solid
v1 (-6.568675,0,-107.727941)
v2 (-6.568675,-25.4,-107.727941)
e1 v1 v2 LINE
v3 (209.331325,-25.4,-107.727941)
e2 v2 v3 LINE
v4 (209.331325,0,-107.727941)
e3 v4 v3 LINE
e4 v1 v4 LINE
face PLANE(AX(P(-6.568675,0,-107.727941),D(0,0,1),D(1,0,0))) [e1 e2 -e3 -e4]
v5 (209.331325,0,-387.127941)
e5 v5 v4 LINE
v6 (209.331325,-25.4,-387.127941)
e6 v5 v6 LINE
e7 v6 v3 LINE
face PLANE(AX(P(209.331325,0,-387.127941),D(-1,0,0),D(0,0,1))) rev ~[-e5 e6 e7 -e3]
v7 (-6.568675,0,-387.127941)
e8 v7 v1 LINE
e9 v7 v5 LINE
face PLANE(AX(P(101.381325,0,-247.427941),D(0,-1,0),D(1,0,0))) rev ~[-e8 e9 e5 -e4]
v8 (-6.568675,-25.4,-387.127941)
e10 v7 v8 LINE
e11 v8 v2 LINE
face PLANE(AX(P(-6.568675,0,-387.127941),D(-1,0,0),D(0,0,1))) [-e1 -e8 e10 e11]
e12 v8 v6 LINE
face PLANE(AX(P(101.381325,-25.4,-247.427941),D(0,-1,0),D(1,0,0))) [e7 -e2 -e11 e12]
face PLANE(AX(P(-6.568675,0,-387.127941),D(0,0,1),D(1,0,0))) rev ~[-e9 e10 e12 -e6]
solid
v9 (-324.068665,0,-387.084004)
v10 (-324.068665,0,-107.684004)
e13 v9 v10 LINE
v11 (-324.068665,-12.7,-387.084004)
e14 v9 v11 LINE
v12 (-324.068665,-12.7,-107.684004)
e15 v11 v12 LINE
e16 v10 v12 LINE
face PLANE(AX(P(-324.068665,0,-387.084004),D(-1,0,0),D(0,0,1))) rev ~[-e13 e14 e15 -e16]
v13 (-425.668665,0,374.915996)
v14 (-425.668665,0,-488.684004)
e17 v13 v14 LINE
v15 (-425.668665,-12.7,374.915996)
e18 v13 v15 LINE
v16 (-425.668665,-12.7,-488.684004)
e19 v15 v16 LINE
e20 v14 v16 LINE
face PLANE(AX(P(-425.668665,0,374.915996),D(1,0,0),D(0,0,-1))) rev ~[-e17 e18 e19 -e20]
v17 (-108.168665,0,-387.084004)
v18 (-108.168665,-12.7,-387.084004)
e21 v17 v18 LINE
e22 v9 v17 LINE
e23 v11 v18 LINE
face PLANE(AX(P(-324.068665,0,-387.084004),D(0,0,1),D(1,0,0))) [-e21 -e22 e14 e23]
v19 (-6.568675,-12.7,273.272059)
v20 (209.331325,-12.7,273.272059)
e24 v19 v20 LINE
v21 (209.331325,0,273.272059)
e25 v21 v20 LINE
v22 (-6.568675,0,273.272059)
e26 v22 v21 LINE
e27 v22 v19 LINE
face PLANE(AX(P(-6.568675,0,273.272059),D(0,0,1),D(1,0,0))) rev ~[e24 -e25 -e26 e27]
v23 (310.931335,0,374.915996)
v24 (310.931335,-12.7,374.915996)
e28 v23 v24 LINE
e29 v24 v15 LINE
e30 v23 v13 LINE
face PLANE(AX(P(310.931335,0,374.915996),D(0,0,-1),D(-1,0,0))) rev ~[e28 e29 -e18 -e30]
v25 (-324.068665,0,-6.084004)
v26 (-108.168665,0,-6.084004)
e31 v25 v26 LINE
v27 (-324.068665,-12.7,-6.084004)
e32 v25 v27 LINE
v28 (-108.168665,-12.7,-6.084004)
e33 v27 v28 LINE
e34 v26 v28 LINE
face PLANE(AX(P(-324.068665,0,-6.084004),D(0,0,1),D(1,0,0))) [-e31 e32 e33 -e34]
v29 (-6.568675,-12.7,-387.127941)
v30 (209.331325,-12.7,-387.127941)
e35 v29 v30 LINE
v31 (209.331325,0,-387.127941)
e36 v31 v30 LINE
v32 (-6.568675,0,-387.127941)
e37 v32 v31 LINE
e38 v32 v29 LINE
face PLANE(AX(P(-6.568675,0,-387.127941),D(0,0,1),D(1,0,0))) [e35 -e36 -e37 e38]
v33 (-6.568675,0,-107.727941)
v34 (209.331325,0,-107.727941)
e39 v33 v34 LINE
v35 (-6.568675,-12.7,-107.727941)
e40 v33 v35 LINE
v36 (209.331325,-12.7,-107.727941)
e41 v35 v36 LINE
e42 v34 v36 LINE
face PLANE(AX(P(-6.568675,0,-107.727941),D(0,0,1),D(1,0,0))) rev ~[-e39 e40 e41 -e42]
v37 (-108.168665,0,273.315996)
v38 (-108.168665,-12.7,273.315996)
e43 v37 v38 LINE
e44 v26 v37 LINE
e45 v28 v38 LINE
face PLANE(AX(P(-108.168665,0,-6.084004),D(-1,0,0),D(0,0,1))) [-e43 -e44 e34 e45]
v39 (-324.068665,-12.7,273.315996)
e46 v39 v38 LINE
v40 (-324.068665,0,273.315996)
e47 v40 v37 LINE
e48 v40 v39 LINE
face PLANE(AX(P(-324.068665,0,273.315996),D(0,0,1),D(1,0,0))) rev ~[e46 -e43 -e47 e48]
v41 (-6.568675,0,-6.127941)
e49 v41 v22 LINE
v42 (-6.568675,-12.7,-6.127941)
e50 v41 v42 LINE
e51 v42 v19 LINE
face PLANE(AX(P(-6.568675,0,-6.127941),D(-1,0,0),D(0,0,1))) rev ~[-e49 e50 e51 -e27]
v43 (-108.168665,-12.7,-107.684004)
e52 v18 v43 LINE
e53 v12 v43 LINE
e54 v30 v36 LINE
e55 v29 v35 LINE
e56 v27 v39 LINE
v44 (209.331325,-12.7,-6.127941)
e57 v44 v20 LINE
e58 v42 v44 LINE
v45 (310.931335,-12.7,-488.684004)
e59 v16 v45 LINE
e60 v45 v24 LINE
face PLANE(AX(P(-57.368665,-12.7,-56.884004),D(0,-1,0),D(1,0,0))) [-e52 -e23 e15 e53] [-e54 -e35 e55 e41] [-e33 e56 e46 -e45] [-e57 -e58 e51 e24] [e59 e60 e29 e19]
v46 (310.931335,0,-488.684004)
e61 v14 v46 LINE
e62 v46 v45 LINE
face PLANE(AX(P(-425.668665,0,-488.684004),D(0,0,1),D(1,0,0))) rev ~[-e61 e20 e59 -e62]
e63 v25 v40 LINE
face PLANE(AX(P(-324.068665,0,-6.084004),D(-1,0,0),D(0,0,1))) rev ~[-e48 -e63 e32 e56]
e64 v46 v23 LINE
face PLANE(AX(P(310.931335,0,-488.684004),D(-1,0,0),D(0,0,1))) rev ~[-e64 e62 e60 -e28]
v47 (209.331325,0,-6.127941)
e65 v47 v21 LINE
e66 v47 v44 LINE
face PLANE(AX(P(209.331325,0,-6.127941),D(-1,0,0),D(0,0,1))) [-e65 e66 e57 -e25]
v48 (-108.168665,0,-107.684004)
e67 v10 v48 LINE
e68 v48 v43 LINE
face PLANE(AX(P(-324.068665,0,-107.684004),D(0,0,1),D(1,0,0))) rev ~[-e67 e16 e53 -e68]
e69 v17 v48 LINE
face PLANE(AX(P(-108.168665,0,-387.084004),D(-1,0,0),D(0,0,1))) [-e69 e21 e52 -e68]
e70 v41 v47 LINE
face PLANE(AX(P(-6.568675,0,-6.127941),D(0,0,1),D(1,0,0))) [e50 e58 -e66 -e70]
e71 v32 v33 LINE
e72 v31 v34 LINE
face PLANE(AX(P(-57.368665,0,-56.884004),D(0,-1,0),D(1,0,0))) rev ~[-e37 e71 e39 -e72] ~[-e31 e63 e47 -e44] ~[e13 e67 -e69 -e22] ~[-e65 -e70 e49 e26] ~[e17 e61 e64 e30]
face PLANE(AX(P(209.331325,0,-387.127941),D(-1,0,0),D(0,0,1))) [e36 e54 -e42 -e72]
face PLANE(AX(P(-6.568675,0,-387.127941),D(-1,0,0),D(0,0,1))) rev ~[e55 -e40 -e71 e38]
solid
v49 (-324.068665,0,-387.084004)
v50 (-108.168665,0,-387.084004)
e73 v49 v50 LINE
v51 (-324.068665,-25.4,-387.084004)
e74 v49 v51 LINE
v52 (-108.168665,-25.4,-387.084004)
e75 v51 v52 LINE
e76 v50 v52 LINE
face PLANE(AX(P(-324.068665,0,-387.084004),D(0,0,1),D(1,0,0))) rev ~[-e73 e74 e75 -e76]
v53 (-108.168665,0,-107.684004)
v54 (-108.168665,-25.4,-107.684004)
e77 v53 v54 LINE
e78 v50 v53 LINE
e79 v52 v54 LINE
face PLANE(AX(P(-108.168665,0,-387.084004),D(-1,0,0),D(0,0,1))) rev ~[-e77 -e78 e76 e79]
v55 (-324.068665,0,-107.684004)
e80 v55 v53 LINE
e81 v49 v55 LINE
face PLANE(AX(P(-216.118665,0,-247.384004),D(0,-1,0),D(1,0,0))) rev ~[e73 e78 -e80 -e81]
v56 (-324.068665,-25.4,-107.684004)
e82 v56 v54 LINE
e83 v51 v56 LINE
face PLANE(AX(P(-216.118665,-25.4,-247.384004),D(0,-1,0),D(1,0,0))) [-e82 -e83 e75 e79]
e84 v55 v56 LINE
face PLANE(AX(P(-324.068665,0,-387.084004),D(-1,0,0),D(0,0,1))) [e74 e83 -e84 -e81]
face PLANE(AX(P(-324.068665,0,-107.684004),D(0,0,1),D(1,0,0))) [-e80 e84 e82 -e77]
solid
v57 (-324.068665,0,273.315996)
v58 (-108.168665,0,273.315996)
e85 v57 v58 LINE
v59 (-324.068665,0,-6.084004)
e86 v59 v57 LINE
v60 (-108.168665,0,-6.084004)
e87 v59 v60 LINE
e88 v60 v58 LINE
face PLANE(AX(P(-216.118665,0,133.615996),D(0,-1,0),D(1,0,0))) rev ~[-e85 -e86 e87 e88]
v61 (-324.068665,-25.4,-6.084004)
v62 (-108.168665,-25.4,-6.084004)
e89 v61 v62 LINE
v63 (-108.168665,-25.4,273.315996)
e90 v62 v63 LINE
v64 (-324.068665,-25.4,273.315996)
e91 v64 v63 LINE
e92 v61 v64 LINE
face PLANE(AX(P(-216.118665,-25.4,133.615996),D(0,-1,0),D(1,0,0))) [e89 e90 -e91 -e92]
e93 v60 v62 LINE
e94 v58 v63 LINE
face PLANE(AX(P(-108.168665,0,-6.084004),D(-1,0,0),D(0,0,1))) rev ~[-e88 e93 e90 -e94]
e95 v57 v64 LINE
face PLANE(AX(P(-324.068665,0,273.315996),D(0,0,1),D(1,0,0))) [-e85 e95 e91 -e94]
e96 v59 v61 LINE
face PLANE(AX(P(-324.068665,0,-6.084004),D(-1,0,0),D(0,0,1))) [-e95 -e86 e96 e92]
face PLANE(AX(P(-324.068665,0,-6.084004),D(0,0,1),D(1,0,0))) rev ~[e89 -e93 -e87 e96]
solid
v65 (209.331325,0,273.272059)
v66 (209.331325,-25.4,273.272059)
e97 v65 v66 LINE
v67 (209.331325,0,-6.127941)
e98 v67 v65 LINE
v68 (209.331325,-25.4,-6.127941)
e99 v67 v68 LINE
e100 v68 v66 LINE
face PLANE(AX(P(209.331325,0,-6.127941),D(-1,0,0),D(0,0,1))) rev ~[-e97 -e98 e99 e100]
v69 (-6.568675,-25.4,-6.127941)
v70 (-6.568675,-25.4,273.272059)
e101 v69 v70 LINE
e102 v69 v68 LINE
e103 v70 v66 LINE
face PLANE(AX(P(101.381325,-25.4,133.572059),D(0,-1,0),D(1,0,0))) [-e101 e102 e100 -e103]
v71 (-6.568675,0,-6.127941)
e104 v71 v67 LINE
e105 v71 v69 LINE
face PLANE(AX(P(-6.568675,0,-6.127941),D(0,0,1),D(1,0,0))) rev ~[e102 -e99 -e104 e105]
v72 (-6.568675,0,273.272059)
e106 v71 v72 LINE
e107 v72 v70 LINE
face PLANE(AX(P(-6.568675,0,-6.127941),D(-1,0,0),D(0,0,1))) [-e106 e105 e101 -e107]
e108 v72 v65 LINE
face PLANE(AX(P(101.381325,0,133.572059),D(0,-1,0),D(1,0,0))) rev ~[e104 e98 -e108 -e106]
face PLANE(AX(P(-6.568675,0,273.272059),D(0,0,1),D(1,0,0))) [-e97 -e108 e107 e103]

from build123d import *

# Parameters (mm, degrees)
F0_W     = 215.9
F0_H     = 279.4
F1_DEPTH = 25.4
F2_DEPTH = 12.7


with BuildPart() as f1:
    # F0 (on Front) → F1 (new body)
    with BuildSketch(Plane.XZ):
        with Locations((101.381325, 133.572059)):
            Rectangle(F0_W, F0_H)
        with Locations((-216.118665, 133.615996)):
            Rectangle(F0_W, F0_H)
        with Locations((-216.118665, -247.384004)):
            Rectangle(F0_W, F0_H)
        with Locations((101.381325, -247.427941)):
            Rectangle(F0_W, F0_H)
    extrude(amount=F1_DEPTH)


with BuildPart() as f2:
    # F0 (on Front) → F2 (new body)
    with BuildSketch(Plane.XZ):
        Polygon((310.931335, 374.915996), (-324.068665, 374.915996), (-425.668665, 374.915996), (-425.668665, -488.684004), (310.931335, -488.684004), align=None)
        with Locations((-216.118665, -247.384004)):
            Rectangle(F0_W, F0_H, mode=Mode.SUBTRACT)
        with Locations((101.381325, -247.427941)):
            Rectangle(F0_W, F0_H, mode=Mode.SUBTRACT)
        with Locations((-216.118665, 133.615996)):
            Rectangle(F0_W, F0_H, mode=Mode.SUBTRACT)
        with Locations((101.381325, 133.572059)):
            Rectangle(F0_W, F0_H, mode=Mode.SUBTRACT)
    extrude(amount=F2_DEPTH)


solid = Compound([f1.part, f2.part])
